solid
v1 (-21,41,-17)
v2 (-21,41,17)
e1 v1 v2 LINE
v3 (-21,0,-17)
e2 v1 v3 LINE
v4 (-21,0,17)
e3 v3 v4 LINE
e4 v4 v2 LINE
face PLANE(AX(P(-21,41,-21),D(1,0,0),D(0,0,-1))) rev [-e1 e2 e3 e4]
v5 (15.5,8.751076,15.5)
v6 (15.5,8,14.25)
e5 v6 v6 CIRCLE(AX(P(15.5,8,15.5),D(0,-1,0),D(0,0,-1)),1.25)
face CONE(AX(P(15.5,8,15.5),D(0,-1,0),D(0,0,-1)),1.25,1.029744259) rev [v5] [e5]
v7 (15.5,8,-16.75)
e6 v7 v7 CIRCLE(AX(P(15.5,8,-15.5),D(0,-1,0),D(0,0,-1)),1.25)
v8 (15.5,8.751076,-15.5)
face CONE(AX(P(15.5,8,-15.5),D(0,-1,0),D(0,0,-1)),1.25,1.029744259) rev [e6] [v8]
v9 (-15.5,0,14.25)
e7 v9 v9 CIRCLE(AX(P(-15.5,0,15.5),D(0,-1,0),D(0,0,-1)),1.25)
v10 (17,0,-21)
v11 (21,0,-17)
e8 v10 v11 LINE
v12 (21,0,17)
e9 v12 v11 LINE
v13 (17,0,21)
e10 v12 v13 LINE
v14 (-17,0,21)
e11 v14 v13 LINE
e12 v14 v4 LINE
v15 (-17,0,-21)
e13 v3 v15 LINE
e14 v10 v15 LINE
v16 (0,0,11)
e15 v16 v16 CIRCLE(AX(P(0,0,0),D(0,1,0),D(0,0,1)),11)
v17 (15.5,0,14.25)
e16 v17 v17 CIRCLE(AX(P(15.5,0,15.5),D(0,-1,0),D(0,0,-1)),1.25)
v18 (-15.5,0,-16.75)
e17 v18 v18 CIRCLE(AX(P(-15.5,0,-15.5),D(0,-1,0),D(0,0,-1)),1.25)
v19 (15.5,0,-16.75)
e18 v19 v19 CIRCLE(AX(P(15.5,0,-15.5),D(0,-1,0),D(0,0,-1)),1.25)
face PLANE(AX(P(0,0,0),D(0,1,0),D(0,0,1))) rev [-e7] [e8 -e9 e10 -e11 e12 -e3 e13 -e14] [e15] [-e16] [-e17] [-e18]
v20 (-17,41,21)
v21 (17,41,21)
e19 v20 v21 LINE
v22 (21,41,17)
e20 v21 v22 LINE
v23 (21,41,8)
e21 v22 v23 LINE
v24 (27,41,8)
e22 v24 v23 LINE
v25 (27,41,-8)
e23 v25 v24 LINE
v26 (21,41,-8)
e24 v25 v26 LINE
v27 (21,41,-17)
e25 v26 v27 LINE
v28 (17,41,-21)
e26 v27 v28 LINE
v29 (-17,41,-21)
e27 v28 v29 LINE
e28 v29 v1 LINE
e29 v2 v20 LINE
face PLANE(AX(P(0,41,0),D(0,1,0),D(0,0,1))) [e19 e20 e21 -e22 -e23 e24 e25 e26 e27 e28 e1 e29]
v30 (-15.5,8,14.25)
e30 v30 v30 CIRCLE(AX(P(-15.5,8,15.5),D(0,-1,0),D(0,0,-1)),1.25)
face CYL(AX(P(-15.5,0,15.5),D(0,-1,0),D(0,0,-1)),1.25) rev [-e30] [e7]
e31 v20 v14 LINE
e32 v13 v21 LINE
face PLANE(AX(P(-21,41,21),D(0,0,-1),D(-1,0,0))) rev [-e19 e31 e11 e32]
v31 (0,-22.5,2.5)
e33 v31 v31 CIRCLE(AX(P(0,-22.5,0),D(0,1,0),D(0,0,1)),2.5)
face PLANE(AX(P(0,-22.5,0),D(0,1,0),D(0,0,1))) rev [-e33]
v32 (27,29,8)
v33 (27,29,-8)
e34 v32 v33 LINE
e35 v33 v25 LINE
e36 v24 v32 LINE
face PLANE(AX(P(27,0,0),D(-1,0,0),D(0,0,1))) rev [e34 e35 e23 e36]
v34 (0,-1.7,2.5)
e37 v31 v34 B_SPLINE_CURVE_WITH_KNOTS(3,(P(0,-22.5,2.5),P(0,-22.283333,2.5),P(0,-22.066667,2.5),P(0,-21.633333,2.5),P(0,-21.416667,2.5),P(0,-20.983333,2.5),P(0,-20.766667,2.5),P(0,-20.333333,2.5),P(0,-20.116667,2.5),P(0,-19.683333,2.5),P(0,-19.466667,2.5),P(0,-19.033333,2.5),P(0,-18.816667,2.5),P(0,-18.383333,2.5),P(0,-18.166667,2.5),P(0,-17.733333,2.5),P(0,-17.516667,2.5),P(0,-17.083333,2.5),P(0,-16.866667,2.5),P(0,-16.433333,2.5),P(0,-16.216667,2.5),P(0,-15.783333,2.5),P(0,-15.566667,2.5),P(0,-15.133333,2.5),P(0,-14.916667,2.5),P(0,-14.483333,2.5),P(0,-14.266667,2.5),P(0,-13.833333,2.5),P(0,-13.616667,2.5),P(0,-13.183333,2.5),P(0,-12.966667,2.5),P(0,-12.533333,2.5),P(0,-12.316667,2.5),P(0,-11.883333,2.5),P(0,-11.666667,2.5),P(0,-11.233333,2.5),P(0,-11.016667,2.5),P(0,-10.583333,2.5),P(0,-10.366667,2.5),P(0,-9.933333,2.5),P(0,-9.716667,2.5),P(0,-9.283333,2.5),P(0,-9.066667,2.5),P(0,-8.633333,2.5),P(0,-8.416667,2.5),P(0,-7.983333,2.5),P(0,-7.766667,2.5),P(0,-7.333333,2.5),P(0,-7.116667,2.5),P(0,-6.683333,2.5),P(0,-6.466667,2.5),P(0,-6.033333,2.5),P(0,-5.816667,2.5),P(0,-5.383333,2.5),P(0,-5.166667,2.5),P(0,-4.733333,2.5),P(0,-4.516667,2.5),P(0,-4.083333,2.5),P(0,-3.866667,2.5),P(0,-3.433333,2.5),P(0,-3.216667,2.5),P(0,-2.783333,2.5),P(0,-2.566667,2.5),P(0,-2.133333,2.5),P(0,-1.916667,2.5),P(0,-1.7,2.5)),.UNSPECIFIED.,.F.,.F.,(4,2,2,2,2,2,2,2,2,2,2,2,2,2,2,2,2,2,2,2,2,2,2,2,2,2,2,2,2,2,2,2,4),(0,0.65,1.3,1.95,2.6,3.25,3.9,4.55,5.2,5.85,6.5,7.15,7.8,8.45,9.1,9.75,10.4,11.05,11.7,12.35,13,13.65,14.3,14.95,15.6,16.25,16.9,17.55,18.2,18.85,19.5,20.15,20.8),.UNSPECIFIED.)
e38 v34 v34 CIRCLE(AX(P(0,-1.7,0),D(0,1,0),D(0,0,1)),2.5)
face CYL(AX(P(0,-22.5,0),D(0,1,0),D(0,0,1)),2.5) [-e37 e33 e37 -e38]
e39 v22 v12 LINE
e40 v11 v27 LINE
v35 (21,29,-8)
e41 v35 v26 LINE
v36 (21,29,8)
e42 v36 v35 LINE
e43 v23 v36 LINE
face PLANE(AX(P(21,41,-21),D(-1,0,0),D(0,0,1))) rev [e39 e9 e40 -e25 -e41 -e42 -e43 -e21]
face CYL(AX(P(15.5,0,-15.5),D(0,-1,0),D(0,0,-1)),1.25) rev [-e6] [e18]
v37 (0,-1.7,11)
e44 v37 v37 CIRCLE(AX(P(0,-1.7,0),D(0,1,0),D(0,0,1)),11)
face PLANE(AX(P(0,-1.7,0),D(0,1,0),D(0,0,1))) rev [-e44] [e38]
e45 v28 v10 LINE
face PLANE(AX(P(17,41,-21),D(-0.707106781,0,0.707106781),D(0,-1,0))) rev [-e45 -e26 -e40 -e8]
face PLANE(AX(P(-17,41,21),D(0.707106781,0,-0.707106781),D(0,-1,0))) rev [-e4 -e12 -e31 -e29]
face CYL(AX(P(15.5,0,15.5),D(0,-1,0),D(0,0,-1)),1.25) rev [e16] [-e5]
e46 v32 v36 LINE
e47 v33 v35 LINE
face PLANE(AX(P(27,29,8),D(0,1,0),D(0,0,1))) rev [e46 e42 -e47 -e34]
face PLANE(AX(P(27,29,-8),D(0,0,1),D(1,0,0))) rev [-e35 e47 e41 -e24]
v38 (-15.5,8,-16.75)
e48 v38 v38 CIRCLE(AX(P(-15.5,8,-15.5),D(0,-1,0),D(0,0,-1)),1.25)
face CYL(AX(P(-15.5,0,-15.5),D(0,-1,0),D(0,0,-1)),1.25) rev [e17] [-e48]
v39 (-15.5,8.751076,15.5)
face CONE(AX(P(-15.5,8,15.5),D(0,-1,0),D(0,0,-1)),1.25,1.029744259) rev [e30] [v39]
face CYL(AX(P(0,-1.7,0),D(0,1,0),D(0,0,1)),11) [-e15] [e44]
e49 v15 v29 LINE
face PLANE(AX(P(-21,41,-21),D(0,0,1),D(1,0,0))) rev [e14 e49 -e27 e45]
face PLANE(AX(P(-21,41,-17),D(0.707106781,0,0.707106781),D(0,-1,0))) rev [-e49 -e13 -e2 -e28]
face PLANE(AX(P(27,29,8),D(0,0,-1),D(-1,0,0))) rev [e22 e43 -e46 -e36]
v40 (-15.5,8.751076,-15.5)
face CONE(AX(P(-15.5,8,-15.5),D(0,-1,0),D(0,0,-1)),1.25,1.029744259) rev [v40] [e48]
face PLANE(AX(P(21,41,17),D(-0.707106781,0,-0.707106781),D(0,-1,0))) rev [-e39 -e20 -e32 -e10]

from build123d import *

# Parameters (mm, degrees)
SKETCH1_W                   = 42
SKETCH1_H                   = 42
BOSS_EXTRUDE1_DEPTH         = 41
CHAMFER1_SIZE               = 4
SKETCH2_R                   = 11
BOSS_EXTRUDE2_DEPTH         = 1.7
SKETCH3_R                   = 2.5
BOSS_EXTRUDE3_DEPTH         = 22.5
SKETCH4_W                   = 16
SKETCH4_H                   = 12
BOSS_EXTRUDE4_DEPTH         = 6
TAP_DRILL_FOR_M3_TAP1_D     = 2.5
TAP_DRILL_FOR_M3_TAP1_DEPTH = 8
TAP_DRILL_FOR_M3_TAP1_TIP   = 0.751075774


with BuildPart() as part:
    # Sketch1 → Boss-Extrude1 (new body)
    with BuildSketch(Plane(origin=(0, 0, 0), x_dir=(1, 0, 0), z_dir=(0, 1, 0))):
        Rectangle(SKETCH1_W, SKETCH1_H)
    extrude(amount=BOSS_EXTRUDE1_DEPTH)

    # Chamfer1
    chamfer1_edges = [part.edges().sort_by_distance(p)[0] for p in [
        (21, 20.5, 21),
        (-21, 20.5, 21),
        (-21, 20.5, -21),
        (21, 20.5, -21),
    ]]
    chamfer(chamfer1_edges, length=CHAMFER1_SIZE)

    # Sketch2 → Boss-Extrude2 (add)
    with BuildSketch(Plane(origin=(0, 0, 0), x_dir=(1, 0, 0), z_dir=(0, 1, 0))):
        with Locations(Location((0, 0, 0), (0, 0, 270))):
            Circle(SKETCH2_R)
    extrude(amount=-BOSS_EXTRUDE2_DEPTH)

    # Sketch3 → Boss-Extrude3 (add)
    with BuildSketch(Plane(origin=(0, 0, 0), x_dir=(1, 0, 0), z_dir=(0, 1, 0))):
        with Locations(Location((0, 0, 0), (0, 0, 270))):
            Circle(SKETCH3_R)
    extrude(amount=-BOSS_EXTRUDE3_DEPTH)

    # Sketch4 → Boss-Extrude4 (add)
    with BuildSketch(Plane(origin=(21, 0, 0), x_dir=(0, 0, -1), z_dir=(1, 0, 0))):
        with Locations((0, 35)):
            Rectangle(SKETCH4_W, SKETCH4_H)
    extrude(amount=BOSS_EXTRUDE4_DEPTH)

    # Tap Drill for M3 Tap1
    with Locations(Plane(origin=(0, 0, 0), x_dir=(-1, 0, 0), z_dir=(0, -1, 0))):
        with Locations((-15.5, -15.5), (15.5, -15.5), (15.5, 15.5), (-15.5, 15.5)):
            Hole(TAP_DRILL_FOR_M3_TAP1_D / 2, depth=TAP_DRILL_FOR_M3_TAP1_DEPTH)
            with Locations((0, 0, -(TAP_DRILL_FOR_M3_TAP1_DEPTH + TAP_DRILL_FOR_M3_TAP1_TIP / 2))):  # 118° drill point
                Cone(0, TAP_DRILL_FOR_M3_TAP1_D / 2, TAP_DRILL_FOR_M3_TAP1_TIP, mode=Mode.SUBTRACT)


solid = part.part
